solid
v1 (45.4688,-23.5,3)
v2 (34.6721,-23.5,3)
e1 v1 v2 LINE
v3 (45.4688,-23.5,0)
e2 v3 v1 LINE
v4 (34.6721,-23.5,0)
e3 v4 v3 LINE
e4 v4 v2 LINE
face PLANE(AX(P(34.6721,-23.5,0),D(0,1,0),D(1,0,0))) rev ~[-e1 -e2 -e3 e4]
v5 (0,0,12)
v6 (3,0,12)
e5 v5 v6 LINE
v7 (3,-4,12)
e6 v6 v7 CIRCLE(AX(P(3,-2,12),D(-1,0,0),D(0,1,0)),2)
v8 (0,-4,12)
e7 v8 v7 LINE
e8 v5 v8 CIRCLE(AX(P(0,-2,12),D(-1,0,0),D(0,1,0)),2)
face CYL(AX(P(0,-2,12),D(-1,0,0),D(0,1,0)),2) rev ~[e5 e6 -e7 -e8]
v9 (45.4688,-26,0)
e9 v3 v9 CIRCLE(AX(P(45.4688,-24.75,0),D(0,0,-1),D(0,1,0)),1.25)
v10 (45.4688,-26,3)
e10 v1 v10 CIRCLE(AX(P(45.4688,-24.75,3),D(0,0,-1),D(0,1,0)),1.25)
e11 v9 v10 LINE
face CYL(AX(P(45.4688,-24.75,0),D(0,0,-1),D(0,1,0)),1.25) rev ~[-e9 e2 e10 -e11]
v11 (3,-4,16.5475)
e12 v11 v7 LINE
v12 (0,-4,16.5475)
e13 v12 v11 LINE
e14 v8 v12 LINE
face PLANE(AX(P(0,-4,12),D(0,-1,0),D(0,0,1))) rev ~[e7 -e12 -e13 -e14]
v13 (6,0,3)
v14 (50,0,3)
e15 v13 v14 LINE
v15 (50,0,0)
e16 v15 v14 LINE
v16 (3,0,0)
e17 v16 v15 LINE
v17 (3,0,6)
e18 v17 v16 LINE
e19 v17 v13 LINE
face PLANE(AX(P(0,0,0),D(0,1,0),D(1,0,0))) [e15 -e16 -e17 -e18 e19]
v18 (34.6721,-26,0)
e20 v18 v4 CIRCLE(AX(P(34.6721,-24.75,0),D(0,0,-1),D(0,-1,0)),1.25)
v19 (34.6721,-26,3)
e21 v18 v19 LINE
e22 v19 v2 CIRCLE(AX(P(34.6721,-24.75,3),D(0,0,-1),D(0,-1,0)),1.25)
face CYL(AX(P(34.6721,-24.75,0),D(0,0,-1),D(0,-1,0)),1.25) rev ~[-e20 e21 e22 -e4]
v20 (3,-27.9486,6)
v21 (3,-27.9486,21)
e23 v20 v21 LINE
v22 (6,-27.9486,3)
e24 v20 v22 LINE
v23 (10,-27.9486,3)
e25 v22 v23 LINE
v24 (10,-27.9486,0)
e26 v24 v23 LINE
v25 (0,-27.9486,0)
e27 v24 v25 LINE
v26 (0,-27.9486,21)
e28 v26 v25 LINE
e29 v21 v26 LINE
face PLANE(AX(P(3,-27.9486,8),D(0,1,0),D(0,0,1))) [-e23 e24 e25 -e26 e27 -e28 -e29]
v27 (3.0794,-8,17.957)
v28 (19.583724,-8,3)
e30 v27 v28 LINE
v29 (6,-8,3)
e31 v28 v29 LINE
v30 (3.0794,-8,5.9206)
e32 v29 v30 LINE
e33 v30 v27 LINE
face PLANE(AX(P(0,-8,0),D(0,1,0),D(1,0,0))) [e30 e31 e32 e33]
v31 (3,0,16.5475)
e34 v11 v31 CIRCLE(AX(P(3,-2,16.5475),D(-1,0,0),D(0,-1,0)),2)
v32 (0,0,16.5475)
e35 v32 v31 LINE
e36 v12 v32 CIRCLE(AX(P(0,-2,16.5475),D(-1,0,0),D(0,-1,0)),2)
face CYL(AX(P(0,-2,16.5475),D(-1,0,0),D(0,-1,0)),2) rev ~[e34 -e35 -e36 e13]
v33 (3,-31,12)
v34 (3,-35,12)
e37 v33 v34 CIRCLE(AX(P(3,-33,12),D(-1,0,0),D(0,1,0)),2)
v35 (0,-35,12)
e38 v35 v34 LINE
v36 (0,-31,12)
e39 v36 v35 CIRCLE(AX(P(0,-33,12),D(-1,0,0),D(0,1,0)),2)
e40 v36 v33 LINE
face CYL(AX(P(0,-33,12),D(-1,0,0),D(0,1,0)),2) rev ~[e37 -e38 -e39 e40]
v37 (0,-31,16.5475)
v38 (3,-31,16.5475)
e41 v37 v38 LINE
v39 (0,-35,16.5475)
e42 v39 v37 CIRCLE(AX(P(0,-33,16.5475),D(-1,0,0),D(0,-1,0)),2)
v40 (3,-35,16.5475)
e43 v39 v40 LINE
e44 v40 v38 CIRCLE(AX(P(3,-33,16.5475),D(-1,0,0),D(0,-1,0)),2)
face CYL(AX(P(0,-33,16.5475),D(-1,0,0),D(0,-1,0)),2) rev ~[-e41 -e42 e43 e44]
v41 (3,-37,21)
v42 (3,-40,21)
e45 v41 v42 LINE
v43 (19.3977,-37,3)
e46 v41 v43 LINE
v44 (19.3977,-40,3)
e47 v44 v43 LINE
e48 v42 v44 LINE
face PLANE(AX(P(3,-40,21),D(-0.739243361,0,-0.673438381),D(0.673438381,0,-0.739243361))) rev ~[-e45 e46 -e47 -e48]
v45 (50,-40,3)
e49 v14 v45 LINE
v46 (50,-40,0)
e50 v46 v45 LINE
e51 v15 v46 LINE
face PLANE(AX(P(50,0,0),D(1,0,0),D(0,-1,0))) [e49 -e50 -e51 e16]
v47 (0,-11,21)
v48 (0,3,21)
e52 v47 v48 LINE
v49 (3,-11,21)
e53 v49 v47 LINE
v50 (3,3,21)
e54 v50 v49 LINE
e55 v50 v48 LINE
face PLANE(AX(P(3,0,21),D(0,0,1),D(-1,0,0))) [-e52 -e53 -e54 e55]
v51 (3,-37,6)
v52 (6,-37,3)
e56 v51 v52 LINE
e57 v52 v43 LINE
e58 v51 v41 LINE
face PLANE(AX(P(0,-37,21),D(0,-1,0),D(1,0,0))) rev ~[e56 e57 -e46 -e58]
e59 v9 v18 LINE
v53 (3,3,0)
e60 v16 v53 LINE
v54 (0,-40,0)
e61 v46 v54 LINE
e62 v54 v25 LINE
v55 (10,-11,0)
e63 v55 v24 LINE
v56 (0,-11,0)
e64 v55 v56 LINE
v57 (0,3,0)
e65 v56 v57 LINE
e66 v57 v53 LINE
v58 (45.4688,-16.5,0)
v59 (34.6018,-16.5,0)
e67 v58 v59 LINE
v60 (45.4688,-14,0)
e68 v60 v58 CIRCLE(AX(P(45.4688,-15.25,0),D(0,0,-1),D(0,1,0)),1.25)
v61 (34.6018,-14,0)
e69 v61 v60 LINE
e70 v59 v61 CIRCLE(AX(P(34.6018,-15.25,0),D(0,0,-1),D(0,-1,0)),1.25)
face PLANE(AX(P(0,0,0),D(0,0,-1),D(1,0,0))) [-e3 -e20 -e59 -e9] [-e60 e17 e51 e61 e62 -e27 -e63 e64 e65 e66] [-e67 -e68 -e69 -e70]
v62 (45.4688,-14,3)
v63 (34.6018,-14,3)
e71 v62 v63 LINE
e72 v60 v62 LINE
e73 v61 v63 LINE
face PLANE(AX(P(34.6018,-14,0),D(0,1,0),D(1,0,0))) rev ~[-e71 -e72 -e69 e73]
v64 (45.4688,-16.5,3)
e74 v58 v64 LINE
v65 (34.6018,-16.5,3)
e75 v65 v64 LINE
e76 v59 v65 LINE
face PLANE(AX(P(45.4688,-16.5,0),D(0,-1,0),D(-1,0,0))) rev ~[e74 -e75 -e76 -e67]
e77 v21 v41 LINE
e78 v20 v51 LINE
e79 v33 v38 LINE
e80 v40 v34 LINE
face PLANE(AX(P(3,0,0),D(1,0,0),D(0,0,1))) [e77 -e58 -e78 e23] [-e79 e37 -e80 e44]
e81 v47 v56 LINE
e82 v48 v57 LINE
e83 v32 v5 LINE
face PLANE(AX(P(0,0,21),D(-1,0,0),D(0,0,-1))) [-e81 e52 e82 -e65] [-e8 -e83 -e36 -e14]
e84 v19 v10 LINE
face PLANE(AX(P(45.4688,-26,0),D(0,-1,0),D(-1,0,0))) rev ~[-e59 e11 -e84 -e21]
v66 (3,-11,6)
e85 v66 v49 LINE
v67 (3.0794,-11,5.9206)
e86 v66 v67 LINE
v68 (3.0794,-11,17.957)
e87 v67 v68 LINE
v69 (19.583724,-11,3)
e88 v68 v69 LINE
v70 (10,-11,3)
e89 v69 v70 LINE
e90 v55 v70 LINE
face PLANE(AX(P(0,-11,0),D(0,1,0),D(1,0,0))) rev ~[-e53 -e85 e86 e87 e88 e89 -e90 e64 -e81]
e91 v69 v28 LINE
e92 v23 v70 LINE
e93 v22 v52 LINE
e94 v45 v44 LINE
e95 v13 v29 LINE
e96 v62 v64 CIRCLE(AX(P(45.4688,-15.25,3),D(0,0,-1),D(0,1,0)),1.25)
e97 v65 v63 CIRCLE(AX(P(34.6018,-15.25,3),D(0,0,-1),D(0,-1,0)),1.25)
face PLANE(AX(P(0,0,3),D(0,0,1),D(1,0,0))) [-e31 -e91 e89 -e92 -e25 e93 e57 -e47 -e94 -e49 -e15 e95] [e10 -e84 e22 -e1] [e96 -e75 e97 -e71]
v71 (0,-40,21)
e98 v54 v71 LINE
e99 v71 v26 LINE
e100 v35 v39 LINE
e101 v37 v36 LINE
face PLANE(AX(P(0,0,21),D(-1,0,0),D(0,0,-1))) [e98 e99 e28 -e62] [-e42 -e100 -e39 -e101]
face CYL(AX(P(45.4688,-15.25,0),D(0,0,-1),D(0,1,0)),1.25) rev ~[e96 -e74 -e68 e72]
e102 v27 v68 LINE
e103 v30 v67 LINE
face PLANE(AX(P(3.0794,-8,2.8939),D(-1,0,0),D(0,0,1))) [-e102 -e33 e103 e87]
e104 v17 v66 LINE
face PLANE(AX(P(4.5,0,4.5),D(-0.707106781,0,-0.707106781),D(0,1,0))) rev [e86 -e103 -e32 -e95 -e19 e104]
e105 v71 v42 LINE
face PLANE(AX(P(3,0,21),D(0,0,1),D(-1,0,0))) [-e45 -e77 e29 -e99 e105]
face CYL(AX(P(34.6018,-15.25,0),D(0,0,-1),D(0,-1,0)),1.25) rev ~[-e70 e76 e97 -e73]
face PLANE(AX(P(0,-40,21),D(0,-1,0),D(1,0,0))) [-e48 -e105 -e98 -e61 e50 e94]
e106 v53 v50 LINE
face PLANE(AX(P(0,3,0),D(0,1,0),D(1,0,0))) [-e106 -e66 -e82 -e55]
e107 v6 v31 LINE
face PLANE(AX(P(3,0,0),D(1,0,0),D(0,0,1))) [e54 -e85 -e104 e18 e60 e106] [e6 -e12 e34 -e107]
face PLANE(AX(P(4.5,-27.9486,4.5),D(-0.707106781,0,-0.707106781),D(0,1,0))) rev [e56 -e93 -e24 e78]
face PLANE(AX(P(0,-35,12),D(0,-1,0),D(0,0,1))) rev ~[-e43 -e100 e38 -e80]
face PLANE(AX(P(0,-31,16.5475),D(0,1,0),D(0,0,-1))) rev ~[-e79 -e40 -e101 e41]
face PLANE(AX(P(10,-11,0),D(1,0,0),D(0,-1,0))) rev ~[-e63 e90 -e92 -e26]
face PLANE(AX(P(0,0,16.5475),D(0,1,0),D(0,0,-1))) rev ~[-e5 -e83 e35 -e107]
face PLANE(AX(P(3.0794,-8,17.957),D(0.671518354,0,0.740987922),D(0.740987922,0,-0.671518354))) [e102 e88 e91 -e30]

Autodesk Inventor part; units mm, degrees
ref_plane "YZ Plane" through (0, 0, 0) normal (1, 0, 0) x (0, 1, 0)
ref_plane "XZ Plane" through (0, 0, 0) normal (0, 1, 0) x (-1, 0, 0)
ref_plane "XY Plane" through (0, 0, 0) normal (0, 0, 1) x (1, 0, 0)
sketch "Sketch1" plane through (0, 0, 0) normal (0, 0, 1) x (1, 0, 0)
  line L0 (0, 0) -> (50, 0)
  line L1 (50, 0) -> (50, -40)
  line L2 (50, -40) -> (0, -40)
  line L3 (0, -40) -> (0, 0)
  dimension "d0" = 50
  dimension "d1" = 40
extrude "Extrusion1" add sketch "Sketch1" along normal blind 3
sketch "Sketch2" plane through (0, 0, 3) normal (0, 0, 1) x (1, 0, 0)
  line L0 (0, -40) -> (50, -40) projected
  line L1 (0, 0) -> (3, 0)
  line L2 (3, 0) -> (3, -40)
  line L3 (3, -40) -> (0, -40)
  line L4 (0, -40) -> (0, 0)
  dimension "d4" = 3
extrude "Extrusion2" add sketch "Sketch2" along normal blind 18
sketch "Sketch3" plane through (0, 0, 0) normal (0, 1, 0) x (1, 0, 0)
  line L0 (0, 0) -> (3, 0)
  line L1 (3, 0) -> (3, -21)
  line L2 (3, -21) -> (0, -21)
  line L3 (0, -21) -> (0, 0)
extrude "Extrusion3" add sketch "Sketch3" along normal blind 3
sketch "Sketch4" plane through (0, 0, 0) normal (0, 0, -1) x (-1, 0, 0)
  line L0 (0, -40) -> (0, 3) projected
  line L1 (-3, 0) -> (-3, 3) projected
  line L2 (-3, 0) -> (-3, -11)
  line L3 (0, -11) -> (-10, -11)
  line L4 (-10, -11) -> (-10, -27.9486)
  line L5 (-10, -27.9486) -> (0, -27.9486)
  point P0 (0, 0)
  dimension "d9" = 11
  dimension "d10" = 10
extrude "Extrusion4" cut sketch "Sketch4" against normal blind 8
sketch "Sketch6" plane through (0, -40, 0) normal (-1, 0, 0) x (0, 0, 1)
  line L0 (0, 29) -> (8, 29) projected
  line L1 (12, 38) -> (16.5475, 38) construction
  line L2 (12, 36) -> (16.5475, 36)
  line L3 (16.5475, 40) -> (12, 40)
  arc A0 (12, 40) -> (12, 36) centre (12, 38) ccw
  arc A1 (16.5475, 36) -> (16.5475, 40) centre (16.5475, 38) ccw
  point P0 (0, 40)
  point P1 (14.2738, 38)
extrude "Extrusion6" cut sketch "Sketch6" against normal through all
sketch "Sketch7" plane through (0, -40, 0) normal (-1, 0, 0) x (0, 0, 1)
  line L0 (16.5475, 36) -> (12, 36) projected
  line L1 (12, 7) -> (16.5475, 7) construction
  line L2 (12, 5) -> (16.5475, 5)
  line L3 (16.5475, 9) -> (12, 9)
  arc A0 (12, 9) -> (12, 5) centre (12, 7) ccw
  arc A1 (16.5475, 5) -> (16.5475, 9) centre (16.5475, 7) ccw
  point P0 (0, 40)
  point P1 (14.2738, 7)
  dimension "d67" = 4
extrude "Extrusion7" cut sketch "Sketch7" against normal through all
sketch "Sketch8" plane through (0, 0, 0) normal (0, 0, -1) x (-1, 0, 0)
  line L0 (0, -27.9486) -> (-10, -27.9486) projected
  line L1 (-57.8737, -20) -> (-13.9473, -20) construction
  line L2 (-46.7188, -20) -> (-46.7188, -15.25) construction
  line L3 (-46.7188, -15.25) -> (-19.9847, -15.25) construction
  line L4 (-19.9847, -15.25) -> (-19.9847, -24.75) construction
  line L5 (-19.9847, -24.75) -> (-61.1977, -24.75) construction
  line L6 (-46.7188, -15.25) -> (-33.3518, -15.25) construction
  line L7 (-45.4688, -16.5) -> (-34.6018, -16.5)
  line L8 (-34.6018, -14) -> (-45.4688, -14)
  arc A0 (-45.4688, -14) -> (-45.4688, -16.5) centre (-45.4688, -15.25) ccw
  arc A1 (-34.6018, -16.5) -> (-34.6018, -14) centre (-34.6018, -15.25) ccw
  line L9 (-46.7188, -20) -> (-46.7188, -24.9647) construction
  arc A2 (-33.3518, -15.25) -> (-33.4221, -15.7265) centre (-33.3518, -15.4935) ccw construction
  line L10 (-33.4221, -15.7265) -> (-33.4221, -27.1874) construction
  line L11 (-46.7188, -24.75) -> (-33.4221, -24.75) construction
  line L12 (-45.4688, -26) -> (-34.6721, -26)
  line L13 (-34.6721, -23.5) -> (-45.4688, -23.5)
  arc A3 (-45.4688, -23.5) -> (-45.4688, -26) centre (-45.4688, -24.75) ccw
  arc A4 (-34.6721, -26) -> (-34.6721, -23.5) centre (-34.6721, -24.75) ccw
  point P0 (0, 0)
  point P1 (-40.0353, -15.25)
  point P2 (-40.0705, -24.75)
  dimension "d71" = 4.75
  dimension "d72" = 9.5
  dimension "d73" = 2.5
  dimension "d76" = 2.5
chamfer "Chamfer1" distance 3 angle 45 1 edges at (3, -33.9743, 3)
chamfer "Chamfer2" distance 3 angle 45 1 edges at (3, -5.5, 3)
sketch "Sketch11" plane through (0, 0, 0) normal (0, 0, -1) x (-1, 0, 0)
  line L0 (-48.6932, -22.9665) -> (-25.0226, -22.9665) construction
  line L1 (-45, -22.9665) -> (-37, -22.9665) construction
  line L2 (-10, -11) -> (0, -11) projected
  line L3 (0, -11) -> (0, 3) projected
  line L4 (-3, 3) -> (0, 3) projected
  line L5 (-3, 0) -> (-3, 3) projected
  line L6 (-3, 0) -> (-50, 0) projected
  line L7 (-50, 0) -> (-50, -40) projected
  line L8 (-50, -40) -> (0, -40) projected
  line L9 (0, -40) -> (0, -27.9486) projected
  line L10 (0, -27.9486) -> (-10, -27.9486) projected
  line L11 (-10, -27.9486) -> (-10, -11) projected
  point P0 (0, 0)
  point P1 (-41, -22.9665)
ref_plane "Work Plane1" through (0, -8, 0) normal (0, 1, 0) x (1, 0, 0)
sketch "Sketch14" plane through (0, -8, 0) normal (0, 1, 0) x (1, 0, 0)
  line L0 (3.0794, -17.957) -> (19.7008, -2.8939)
  line L1 (19.7008, -2.8939) -> (3.0794, -2.8939)
  line L2 (3.0794, -2.8939) -> (3.0794, -17.957)
  point P0 (0, 0)
extrude "Extrusion14" add sketch "Sketch14" against normal blind 3
sketch "Sketch15" plane through (0, -40, 21) normal (0, -1, 0) x (1, 0, 0)
  line L0 (6, -18) -> (50, -18) projected
  line L1 (3, -15) -> (6, -18) projected
  line L2 (3, -15) -> (3, 0) projected
  line L3 (3, 0) -> (19.3977, -18)
  line L4 (3, -15.75) -> (3, 0)
extrude "Extrusion15" add sketch "Sketch15" against normal blind 3
sketch "Sketch16" plane through (3, 0, 0) normal (1, 0, 0) x (0, 0, -1)
  line L0 (-21, -37) -> (-21, 3) projected
  line L1 (-21, -11) -> (-8, -11)
  line L2 (-8, -11) -> (-8, -27.9486)
  line L3 (-8, -27.9486) -> (-21, -27.9486)
  line L4 (-21, -27.9486) -> (-21, -11)
extrude "Extrusion16" cut sketch "Sketch16" against normal through all
extrude "Extrusion17" cut sketch "Sketch8" against normal through all contours A0 L8 A1 L7
extrude "Extrusion18" cut sketch "Sketch8" against normal through all contours A3 L13 A4 L12
properties part number "bart z endstop bracket plain switch v1"
